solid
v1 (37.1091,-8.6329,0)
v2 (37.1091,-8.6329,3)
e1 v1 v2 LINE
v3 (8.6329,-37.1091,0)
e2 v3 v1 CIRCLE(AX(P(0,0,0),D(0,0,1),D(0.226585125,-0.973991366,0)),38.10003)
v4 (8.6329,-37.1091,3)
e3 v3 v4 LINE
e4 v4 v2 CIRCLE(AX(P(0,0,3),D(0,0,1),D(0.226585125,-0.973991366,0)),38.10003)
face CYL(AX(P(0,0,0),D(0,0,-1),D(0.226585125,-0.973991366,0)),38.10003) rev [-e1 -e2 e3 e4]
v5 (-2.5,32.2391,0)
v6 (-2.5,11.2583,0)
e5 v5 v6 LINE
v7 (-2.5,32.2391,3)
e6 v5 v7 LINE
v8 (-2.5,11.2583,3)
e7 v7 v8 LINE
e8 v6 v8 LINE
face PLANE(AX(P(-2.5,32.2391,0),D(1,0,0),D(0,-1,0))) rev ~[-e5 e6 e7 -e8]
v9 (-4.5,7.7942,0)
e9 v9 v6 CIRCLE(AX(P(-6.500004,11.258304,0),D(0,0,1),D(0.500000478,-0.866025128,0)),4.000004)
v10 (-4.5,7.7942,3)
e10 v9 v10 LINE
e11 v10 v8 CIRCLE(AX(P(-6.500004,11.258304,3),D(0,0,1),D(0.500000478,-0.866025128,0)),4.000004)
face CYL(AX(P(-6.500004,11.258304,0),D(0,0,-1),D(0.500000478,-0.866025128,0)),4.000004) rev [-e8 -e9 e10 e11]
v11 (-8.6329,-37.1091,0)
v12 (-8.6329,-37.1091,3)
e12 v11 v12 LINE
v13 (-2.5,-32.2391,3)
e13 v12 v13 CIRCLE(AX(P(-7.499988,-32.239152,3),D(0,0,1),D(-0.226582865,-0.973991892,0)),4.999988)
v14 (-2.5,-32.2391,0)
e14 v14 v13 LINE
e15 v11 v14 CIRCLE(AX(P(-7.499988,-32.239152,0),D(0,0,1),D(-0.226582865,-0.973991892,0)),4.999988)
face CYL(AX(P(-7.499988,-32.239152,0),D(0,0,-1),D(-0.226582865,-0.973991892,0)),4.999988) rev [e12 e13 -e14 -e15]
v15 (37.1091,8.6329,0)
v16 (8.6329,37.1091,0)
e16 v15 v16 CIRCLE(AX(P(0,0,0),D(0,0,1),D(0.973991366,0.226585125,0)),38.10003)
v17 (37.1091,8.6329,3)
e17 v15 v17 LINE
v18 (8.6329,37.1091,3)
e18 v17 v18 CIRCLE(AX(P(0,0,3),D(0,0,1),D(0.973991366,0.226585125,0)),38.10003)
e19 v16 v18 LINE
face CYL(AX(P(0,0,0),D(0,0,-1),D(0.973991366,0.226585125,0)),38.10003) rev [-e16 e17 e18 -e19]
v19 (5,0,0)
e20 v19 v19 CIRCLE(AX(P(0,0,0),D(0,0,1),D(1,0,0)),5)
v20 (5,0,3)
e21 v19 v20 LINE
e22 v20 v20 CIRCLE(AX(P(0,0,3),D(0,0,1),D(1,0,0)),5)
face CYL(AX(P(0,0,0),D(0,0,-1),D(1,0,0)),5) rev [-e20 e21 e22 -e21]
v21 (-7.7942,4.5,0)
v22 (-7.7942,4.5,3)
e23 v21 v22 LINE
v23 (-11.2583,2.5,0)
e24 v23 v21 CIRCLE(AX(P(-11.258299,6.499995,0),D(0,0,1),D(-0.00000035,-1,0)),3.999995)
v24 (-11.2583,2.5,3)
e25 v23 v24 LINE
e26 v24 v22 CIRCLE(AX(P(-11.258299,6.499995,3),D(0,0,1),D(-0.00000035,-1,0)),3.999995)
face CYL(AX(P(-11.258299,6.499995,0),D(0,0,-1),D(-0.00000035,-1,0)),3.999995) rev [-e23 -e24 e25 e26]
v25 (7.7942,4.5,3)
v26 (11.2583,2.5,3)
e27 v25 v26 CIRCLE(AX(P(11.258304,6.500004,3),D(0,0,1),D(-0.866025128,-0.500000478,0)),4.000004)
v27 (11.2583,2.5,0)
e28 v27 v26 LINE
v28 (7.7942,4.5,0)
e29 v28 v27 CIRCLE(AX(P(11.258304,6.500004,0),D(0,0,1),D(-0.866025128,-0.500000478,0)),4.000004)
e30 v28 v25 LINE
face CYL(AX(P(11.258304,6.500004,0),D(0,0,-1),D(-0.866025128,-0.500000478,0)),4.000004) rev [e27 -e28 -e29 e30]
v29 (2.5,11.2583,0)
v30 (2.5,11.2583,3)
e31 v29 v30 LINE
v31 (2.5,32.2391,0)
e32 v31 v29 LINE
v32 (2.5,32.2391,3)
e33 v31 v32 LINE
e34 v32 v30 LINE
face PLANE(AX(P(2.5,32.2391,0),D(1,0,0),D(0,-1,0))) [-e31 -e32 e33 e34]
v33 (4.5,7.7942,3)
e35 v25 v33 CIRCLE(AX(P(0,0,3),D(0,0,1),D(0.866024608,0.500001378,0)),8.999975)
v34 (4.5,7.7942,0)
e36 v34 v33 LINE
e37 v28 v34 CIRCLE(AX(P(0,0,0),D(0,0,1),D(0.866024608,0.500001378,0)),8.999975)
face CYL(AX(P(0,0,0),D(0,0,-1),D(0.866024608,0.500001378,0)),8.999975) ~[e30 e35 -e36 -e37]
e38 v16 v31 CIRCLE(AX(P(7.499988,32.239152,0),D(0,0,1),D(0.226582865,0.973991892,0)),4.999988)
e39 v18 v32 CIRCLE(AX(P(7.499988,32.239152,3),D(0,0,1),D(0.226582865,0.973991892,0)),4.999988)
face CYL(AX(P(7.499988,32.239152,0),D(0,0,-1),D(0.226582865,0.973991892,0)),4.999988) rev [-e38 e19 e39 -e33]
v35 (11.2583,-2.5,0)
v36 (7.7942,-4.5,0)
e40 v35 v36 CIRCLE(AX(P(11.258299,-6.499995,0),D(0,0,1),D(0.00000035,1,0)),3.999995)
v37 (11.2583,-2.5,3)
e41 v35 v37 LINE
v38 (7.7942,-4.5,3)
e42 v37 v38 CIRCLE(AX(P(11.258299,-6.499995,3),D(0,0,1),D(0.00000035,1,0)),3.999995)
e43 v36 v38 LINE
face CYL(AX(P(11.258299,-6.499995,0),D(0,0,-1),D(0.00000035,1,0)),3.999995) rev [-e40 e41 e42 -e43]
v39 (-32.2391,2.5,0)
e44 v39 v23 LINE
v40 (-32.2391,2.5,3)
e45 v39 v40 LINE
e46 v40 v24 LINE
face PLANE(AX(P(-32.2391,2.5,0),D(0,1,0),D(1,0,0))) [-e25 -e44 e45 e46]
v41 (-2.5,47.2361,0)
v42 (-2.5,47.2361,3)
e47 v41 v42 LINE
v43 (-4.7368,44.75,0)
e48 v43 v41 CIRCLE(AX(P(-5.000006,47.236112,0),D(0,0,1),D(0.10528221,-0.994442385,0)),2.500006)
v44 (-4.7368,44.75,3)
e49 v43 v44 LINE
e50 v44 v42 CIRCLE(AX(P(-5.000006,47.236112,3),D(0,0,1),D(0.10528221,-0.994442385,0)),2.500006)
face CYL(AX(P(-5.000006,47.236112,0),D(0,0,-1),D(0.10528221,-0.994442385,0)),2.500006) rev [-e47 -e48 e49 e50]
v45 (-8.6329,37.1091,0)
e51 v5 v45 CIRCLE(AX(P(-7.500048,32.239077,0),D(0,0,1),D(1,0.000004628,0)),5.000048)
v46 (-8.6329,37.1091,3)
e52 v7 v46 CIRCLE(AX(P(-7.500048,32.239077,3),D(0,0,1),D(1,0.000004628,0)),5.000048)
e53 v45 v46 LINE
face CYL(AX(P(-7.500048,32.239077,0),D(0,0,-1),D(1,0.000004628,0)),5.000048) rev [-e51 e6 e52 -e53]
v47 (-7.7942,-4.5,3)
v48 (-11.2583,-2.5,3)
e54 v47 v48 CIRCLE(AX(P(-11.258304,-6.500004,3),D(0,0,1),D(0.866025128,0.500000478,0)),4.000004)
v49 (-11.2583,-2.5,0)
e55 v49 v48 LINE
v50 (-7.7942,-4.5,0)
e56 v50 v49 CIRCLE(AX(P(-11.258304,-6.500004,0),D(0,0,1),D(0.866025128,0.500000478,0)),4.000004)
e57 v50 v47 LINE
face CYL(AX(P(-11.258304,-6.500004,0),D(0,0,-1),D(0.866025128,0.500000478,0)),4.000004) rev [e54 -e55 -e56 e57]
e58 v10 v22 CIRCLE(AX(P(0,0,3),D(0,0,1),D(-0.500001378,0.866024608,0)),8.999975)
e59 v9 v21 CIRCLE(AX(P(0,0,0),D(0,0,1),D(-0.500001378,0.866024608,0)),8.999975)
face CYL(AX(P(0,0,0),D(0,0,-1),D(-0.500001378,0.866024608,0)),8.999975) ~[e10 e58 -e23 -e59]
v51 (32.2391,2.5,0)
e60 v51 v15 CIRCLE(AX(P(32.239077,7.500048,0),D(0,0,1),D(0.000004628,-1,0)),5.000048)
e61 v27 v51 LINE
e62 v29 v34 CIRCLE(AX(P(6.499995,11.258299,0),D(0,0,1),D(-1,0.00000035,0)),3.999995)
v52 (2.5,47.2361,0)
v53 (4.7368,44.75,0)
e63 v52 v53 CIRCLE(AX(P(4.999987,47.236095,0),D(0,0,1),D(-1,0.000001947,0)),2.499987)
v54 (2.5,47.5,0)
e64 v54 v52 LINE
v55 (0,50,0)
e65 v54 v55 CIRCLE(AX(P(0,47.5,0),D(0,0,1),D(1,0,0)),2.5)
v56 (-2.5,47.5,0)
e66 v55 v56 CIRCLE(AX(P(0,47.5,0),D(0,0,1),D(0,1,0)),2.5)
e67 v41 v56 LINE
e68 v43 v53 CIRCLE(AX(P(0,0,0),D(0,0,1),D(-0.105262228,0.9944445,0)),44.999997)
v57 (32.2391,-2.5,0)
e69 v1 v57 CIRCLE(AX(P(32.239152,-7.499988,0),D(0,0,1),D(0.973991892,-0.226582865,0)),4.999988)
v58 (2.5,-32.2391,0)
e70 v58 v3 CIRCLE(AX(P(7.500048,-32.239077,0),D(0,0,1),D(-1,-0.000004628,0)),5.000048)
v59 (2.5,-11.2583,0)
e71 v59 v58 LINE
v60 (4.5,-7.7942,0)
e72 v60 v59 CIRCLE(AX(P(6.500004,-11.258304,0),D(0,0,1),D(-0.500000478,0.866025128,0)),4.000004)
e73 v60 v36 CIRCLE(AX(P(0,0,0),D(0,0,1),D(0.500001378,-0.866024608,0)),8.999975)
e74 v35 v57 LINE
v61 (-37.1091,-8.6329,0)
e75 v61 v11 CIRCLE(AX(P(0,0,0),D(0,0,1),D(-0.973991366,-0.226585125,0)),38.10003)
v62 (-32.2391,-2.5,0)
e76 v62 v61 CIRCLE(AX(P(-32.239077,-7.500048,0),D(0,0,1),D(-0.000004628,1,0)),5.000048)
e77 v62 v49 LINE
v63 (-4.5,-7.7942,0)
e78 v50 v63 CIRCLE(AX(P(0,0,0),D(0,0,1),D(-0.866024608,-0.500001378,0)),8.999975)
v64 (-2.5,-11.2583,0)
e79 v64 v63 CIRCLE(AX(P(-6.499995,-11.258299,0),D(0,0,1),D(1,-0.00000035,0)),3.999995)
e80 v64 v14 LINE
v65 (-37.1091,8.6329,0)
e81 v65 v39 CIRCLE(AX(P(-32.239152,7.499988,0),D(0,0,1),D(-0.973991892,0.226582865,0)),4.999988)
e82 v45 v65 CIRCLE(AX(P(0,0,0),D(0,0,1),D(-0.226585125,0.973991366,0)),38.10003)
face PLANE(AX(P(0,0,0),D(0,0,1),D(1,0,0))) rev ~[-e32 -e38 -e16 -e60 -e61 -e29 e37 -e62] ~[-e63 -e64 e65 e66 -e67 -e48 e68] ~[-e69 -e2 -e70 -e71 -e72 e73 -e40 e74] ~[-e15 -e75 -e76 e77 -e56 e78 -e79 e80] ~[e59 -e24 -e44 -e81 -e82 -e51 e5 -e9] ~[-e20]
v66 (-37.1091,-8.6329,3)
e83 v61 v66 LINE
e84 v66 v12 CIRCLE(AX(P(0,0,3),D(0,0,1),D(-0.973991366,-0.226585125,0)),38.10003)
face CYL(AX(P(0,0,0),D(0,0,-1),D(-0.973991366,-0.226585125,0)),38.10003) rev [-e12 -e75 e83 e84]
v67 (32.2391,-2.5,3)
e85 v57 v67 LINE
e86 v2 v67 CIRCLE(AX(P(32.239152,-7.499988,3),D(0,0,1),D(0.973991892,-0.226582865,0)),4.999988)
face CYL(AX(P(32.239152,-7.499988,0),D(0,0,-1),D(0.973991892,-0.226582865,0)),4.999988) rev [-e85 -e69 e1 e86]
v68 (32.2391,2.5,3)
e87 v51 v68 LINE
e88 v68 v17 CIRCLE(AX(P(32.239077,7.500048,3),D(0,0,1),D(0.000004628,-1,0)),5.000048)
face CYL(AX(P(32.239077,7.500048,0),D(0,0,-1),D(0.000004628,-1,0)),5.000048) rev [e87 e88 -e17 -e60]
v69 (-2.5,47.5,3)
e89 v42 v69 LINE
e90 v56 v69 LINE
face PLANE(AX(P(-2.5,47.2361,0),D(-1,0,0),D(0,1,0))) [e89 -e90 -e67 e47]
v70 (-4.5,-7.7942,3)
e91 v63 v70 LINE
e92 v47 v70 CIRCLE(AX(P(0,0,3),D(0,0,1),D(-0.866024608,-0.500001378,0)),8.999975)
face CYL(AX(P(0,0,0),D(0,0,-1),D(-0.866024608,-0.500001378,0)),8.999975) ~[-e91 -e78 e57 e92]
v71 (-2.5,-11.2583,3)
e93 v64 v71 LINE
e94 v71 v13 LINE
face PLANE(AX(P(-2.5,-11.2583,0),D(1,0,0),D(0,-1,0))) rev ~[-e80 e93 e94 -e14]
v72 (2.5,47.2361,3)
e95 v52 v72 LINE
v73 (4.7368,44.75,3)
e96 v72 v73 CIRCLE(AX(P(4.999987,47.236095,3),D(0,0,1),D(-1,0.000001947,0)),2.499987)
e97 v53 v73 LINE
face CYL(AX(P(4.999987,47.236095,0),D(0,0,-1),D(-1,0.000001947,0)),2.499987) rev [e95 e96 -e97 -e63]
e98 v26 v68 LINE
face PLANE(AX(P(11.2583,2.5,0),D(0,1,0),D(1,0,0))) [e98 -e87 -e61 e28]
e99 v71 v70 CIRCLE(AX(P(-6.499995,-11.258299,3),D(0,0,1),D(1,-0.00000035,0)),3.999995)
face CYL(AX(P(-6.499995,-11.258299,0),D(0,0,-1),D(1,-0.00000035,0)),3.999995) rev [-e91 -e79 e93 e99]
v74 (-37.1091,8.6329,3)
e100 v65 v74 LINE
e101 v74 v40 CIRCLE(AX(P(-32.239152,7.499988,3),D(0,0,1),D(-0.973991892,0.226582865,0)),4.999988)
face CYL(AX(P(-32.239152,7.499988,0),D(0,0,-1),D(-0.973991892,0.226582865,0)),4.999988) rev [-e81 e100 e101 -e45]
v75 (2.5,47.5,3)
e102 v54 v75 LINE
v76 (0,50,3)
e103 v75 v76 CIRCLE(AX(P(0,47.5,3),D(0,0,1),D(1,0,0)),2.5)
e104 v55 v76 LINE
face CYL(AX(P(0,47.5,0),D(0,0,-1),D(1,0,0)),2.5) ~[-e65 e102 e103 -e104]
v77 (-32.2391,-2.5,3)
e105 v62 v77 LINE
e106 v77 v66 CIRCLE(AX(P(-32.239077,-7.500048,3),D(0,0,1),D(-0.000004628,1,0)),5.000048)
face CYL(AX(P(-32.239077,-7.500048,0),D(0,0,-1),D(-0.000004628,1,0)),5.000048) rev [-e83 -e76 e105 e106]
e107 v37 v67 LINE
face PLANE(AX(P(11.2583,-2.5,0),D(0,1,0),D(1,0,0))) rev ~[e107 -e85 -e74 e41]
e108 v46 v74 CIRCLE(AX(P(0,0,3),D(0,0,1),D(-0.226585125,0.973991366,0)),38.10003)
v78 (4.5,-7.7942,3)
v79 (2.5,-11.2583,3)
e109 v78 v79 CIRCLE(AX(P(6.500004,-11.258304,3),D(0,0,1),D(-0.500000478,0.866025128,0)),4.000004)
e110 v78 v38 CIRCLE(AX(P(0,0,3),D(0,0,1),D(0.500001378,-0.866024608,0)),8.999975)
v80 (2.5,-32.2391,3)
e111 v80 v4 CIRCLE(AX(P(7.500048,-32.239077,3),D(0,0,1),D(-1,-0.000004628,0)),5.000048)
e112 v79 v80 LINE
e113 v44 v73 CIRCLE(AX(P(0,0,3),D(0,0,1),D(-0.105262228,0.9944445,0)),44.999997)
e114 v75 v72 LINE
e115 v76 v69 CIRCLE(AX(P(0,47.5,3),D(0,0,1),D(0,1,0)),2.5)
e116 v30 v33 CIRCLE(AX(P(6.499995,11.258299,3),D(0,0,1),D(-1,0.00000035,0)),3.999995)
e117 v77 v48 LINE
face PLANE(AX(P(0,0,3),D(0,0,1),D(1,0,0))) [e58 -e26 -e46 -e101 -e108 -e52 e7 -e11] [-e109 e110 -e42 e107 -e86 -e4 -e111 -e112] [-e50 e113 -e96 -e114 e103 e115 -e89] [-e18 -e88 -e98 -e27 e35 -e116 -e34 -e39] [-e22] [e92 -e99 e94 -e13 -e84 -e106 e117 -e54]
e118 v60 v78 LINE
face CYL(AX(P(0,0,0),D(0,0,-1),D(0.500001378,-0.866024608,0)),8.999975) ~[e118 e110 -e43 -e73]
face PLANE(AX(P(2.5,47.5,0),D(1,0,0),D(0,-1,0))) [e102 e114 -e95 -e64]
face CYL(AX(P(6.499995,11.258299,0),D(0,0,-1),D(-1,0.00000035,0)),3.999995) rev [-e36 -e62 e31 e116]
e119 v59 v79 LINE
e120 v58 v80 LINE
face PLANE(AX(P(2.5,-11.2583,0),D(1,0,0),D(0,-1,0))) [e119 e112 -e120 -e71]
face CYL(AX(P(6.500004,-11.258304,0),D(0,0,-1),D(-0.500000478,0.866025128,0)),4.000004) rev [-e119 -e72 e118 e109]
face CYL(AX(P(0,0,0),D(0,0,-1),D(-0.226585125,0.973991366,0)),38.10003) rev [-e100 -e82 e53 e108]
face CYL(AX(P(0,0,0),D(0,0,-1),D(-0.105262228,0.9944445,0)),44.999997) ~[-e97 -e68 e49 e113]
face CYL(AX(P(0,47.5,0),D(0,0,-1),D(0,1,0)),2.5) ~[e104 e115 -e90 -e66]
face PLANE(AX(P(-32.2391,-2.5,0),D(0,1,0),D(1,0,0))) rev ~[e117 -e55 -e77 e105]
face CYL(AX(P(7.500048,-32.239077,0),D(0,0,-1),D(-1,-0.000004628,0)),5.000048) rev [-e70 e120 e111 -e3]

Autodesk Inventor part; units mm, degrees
ref_plane "YZ Plane" through (0, 0, 0) normal (1, 0, 0) x (0, 1, 0)
ref_plane "XZ Plane" through (0, 0, 0) normal (0, 1, 0) x (-1, 0, 0)
ref_plane "XY Plane" through (0, 0, 0) normal (0, 0, 1) x (1, 0, 0)
sketch "Sketch1" plane through (0, 0, 0) normal (0, 0, 1) x (1, 0, 0)
  arc A0 (-4.7368, 44.75) -> (4.7368, 44.75) centre (0, 0) ccw
  line L0 (-32.2391, 2.5) -> (-11.2583, 2.5)
  line L1 (11.2583, 2.5) -> (32.2391, 2.5)
  line L2 (-2.5, 32.2391) -> (-2.5, 11.2583)
  line L3 (-2.5, -11.2583) -> (-2.5, -32.2391)
  line L4 (-32.2391, -2.5) -> (-11.2583, -2.5)
  line L5 (11.2583, -2.5) -> (32.2391, -2.5)
  line L6 (2.5, 32.2391) -> (2.5, 11.2583)
  line L7 (2.5, -11.2583) -> (2.5, -32.2391)
  arc A1 (-8.6329, 37.1091) -> (-37.1091, 8.6329) centre (0, 0) ccw
  arc A2 (37.1091, 8.6329) -> (8.6329, 37.1091) centre (0, 0) ccw
  arc A3 (-37.1091, -8.6329) -> (-8.6329, -37.1091) centre (0, 0) ccw
  arc A4 (8.6329, -37.1091) -> (37.1091, -8.6329) centre (0, 0) ccw
  arc A5 (-2.5, 32.2391) -> (-8.6329, 37.1091) centre (-7.5, 32.2391) ccw
  arc A6 (8.6329, 37.1091) -> (2.5, 32.2391) centre (7.5, 32.2391) ccw
  arc A7 (32.2391, 2.5) -> (37.1091, 8.6329) centre (32.2391, 7.5) ccw
  arc A8 (37.1091, -8.6329) -> (32.2391, -2.5) centre (32.2391, -7.5) ccw
  arc A9 (2.5, -32.2391) -> (8.6329, -37.1091) centre (7.5, -32.2391) ccw
  arc A10 (-8.6329, -37.1091) -> (-2.5, -32.2391) centre (-7.5, -32.2391) ccw
  arc A11 (-32.2391, -2.5) -> (-37.1091, -8.6329) centre (-32.2391, -7.5) ccw
  arc A12 (-37.1091, 8.6329) -> (-32.2391, 2.5) centre (-32.2391, 7.5) ccw
  line L8 (-2.5, 47.2361) -> (-2.5, 47.5)
  line L9 (0, 50) -> (0, 50)
  line L10 (2.5, 47.5) -> (2.5, 47.2361)
  arc A13 (0, 50) -> (-2.5, 47.5) centre (0, 47.5) ccw
  arc A14 (2.5, 47.5) -> (0, 50) centre (0, 47.5) ccw
  arc A15 (2.5, 47.2361) -> (4.7368, 44.75) centre (5, 47.2361) ccw
  arc A16 (-4.7368, 44.75) -> (-2.5, 47.2361) centre (-5, 47.2361) ccw
  circle A17 centre (0, 0) radius 5
  arc A18 (-4.5, 7.7942) -> (-7.7942, 4.5) centre (0, 0) ccw
  arc A19 (7.7942, 4.5) -> (4.5, 7.7942) centre (0, 0) ccw
  arc A20 (-7.7942, -4.5) -> (-4.5, -7.7942) centre (0, 0) ccw
  arc A21 (4.5, -7.7942) -> (7.7942, -4.5) centre (0, 0) ccw
  arc A22 (-11.2583, 2.5) -> (-7.7942, 4.5) centre (-11.2583, 6.5) ccw
  arc A23 (-4.5, 7.7942) -> (-2.5, 11.2583) centre (-6.5, 11.2583) ccw
  arc A24 (2.5, 11.2583) -> (4.5, 7.7942) centre (6.5, 11.2583) ccw
  arc A25 (7.7942, 4.5) -> (11.2583, 2.5) centre (11.2583, 6.5) ccw
  arc A26 (11.2583, -2.5) -> (7.7942, -4.5) centre (11.2583, -6.5) ccw
  arc A27 (4.5, -7.7942) -> (2.5, -11.2583) centre (6.5, -11.2583) ccw
  arc A28 (-2.5, -11.2583) -> (-4.5, -7.7942) centre (-6.5, -11.2583) ccw
  arc A29 (-7.7942, -4.5) -> (-11.2583, -2.5) centre (-11.2583, -6.5) ccw
  point P0 (-2.5, 38.0179)
  point P1 (2.5, 38.0179)
  point P2 (-38.0179, -2.5)
  point P3 (-38.0179, 2.5)
  point P4 (38.0179, -2.5)
  point P5 (38.0179, 2.5)
  point P6 (2.5, -38.0179)
  point P7 (-2.5, -38.0179)
  point P8 (-2.5, 44.9305)
  point P9 (2.5, 44.9305)
  point P10 (-2.5, 8.6458)
  point P11 (2.5, 8.6458)
  point P12 (8.6458, 2.5)
  point P13 (8.6458, -2.5)
  point P14 (2.5, -8.6458)
  point P15 (-2.5, -8.6458)
  point P16 (-8.6458, -2.5)
  point P17 (-8.6458, 2.5)
  dimension "d0" = 90
  dimension "d7" = 2.5
  dimension "d8" = 2.5
  dimension "d9" = 2.5
  dimension "d10" = 5
  dimension "d11" = 5
  dimension "d12" = 5
  dimension "d13" = 5
  dimension "d14" = 38.1
  dimension "d15" = 38.1
  dimension "d16" = 38.1
  dimension "d17" = 38.1
  dimension "d18" = 5
  dimension "d19" = 5
  dimension "d20" = 50
  dimension "d21" = 2.5
  dimension "d24" = 10
  dimension "d27" = 4
extrude "Extrusion2" add sketch "Sketch1" along normal blind 3
properties part number "Vertical Thruster Grill 25090213"
